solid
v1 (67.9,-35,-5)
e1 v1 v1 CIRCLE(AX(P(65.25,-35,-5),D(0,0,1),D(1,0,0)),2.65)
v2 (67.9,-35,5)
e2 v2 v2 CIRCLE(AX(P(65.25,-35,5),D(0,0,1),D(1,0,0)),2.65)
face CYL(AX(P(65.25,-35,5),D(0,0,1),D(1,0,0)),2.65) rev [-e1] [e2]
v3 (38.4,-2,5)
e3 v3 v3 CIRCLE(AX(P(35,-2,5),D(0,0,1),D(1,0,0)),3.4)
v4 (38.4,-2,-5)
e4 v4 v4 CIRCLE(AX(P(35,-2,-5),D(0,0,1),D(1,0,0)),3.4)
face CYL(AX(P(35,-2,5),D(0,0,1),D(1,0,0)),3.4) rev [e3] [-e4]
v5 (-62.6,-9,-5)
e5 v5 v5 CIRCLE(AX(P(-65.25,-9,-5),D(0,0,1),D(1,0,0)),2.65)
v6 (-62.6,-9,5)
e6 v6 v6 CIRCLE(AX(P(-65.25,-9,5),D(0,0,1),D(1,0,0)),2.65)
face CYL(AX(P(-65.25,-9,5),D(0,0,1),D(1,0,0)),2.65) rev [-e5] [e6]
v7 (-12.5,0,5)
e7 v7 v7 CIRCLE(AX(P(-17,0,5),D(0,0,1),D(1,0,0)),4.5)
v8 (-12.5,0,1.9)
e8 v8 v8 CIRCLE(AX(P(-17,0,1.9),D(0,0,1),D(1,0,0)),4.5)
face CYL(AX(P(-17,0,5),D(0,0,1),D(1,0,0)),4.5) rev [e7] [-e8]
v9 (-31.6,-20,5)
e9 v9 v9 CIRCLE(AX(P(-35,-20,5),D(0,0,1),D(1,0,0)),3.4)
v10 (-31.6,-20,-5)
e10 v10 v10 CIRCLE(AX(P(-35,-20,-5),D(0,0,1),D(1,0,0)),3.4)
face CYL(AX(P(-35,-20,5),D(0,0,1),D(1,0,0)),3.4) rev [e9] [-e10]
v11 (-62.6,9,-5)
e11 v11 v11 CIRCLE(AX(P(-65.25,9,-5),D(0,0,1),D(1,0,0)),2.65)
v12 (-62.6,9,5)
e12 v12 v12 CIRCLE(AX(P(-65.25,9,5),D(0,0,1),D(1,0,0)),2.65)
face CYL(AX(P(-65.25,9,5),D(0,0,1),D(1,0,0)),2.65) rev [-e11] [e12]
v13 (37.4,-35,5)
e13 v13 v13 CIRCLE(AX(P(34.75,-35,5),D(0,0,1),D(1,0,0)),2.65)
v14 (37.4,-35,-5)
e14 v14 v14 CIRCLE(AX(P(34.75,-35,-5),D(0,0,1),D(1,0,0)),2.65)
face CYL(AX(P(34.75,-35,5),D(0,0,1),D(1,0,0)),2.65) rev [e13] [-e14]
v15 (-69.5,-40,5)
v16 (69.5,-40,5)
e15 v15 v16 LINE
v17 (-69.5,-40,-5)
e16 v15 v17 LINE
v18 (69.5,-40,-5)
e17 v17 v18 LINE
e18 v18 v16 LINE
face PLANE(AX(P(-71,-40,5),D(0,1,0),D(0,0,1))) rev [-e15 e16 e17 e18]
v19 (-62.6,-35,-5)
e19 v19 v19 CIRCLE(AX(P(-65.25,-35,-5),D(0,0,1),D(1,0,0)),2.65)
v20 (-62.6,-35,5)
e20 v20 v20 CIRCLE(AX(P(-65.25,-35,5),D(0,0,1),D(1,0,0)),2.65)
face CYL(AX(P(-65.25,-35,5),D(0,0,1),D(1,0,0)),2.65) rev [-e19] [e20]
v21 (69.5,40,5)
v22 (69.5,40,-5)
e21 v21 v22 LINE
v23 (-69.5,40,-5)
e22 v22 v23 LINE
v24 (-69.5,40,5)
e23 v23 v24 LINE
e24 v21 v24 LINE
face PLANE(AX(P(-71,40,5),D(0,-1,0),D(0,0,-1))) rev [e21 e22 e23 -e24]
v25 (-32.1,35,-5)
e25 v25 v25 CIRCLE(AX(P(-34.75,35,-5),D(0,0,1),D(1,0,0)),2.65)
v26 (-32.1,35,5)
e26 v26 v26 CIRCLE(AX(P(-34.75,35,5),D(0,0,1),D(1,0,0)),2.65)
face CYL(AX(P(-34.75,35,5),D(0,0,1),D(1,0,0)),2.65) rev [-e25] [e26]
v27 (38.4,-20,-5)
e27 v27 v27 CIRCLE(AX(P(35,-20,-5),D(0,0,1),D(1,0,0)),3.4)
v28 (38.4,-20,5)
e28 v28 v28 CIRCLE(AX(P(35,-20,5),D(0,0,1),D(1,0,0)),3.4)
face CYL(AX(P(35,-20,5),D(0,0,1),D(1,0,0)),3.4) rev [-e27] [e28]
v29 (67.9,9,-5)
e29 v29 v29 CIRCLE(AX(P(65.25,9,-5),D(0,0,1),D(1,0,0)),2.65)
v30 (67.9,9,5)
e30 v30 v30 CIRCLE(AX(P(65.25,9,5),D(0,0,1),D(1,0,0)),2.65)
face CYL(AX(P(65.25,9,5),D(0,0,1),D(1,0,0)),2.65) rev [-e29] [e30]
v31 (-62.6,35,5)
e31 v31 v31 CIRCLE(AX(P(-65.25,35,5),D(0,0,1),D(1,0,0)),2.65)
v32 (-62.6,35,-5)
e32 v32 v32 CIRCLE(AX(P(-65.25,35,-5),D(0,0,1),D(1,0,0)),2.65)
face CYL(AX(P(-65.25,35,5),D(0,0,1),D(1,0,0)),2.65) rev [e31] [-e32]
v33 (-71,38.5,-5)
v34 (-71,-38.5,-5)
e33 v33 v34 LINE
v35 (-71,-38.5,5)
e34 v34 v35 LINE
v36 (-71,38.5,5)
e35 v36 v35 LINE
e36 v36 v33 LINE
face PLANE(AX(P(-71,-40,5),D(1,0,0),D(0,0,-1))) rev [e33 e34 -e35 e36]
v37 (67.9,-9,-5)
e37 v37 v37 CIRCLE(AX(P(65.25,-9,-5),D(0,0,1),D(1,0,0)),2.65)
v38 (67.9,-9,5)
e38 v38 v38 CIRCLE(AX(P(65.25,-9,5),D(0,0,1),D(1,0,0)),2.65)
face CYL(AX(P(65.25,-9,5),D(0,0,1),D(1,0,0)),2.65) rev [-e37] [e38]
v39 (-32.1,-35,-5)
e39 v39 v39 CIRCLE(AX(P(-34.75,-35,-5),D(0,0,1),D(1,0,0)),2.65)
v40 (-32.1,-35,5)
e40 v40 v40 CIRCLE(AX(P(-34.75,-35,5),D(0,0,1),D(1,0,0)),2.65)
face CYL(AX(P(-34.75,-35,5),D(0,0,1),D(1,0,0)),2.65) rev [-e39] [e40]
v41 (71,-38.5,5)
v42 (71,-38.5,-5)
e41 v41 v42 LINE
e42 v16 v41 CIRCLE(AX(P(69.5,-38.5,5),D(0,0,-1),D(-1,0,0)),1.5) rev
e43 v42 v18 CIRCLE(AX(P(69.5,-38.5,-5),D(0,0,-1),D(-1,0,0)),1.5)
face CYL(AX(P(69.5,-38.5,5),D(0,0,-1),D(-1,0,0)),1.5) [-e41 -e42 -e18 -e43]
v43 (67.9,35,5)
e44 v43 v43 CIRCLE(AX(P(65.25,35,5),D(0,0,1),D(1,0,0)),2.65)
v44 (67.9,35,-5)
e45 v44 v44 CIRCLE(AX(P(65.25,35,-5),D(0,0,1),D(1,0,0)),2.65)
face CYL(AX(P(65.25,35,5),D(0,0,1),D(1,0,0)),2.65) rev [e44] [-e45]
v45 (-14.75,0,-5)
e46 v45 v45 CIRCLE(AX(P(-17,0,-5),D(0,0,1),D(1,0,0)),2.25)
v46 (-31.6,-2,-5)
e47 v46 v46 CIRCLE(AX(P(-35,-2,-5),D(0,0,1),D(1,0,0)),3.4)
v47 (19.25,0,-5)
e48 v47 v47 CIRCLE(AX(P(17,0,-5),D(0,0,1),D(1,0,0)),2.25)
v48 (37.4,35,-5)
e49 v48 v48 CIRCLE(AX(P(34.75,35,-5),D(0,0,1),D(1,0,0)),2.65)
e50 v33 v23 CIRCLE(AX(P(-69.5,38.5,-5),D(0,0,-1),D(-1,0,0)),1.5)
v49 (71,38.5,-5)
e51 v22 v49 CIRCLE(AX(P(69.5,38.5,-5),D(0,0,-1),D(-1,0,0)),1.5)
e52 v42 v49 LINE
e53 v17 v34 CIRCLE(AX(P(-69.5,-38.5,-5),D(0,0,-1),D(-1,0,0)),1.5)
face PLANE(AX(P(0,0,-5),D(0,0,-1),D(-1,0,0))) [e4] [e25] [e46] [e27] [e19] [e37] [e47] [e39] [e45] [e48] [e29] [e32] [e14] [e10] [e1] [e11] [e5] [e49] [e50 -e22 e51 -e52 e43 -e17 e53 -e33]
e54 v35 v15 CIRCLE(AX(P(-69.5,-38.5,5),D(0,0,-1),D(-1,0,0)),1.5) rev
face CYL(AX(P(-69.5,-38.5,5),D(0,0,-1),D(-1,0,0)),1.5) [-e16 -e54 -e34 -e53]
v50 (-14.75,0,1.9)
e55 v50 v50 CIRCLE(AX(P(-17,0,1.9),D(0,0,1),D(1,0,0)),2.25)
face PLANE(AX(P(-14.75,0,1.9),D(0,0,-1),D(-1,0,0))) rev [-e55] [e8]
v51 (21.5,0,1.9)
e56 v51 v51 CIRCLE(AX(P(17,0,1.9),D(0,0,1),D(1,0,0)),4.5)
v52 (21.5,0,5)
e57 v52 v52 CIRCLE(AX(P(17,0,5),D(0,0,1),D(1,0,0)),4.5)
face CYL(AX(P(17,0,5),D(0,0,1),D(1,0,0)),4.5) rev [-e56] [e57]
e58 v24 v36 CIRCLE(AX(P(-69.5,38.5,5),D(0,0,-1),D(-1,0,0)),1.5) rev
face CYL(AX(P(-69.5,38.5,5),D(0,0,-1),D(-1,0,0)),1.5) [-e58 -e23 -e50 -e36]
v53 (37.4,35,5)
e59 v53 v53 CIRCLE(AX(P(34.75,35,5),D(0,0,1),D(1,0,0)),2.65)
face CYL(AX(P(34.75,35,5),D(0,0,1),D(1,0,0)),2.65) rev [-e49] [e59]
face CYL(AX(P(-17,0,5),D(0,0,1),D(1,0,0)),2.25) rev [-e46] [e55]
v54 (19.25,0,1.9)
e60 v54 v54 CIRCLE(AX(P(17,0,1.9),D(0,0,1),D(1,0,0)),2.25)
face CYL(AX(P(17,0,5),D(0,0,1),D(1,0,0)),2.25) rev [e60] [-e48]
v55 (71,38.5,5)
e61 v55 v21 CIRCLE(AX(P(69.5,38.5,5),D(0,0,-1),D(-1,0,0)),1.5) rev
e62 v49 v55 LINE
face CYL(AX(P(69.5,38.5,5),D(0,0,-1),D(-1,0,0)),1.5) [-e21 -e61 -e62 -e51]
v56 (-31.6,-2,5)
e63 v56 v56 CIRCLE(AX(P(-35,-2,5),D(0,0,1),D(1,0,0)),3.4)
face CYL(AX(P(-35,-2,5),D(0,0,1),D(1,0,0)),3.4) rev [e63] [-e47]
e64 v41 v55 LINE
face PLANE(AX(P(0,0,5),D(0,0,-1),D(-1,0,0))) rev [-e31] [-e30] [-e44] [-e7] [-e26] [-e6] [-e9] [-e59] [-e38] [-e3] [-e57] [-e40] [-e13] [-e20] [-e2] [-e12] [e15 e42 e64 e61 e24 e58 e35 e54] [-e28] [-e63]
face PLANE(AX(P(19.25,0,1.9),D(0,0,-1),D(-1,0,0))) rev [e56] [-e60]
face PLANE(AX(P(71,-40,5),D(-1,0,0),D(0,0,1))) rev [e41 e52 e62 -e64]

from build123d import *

# Parameters (mm, degrees)
SKETCH1_W                                        = 142
SKETCH1_H                                        = 80
BOSS_EXTRUDE1_DEPTH                              = 5
M5_CLEARANCE_HOLE1_D                             = 5.3
MIRROR2_COPY_1_D                                 = 5.3
CBORE_FOR_M4_PAN_HEAD_MACHINE_SCREW1_D           = 4.5
CBORE_FOR_M4_PAN_HEAD_MACHINE_SCREW1_CBORE_D     = 9
CBORE_FOR_M4_PAN_HEAD_MACHINE_SCREW1_CBORE_DEPTH = 3.1
M8X1_25_TAPPED_HOLE1_D                           = 6.8
FILLET1_R                                        = 1.5


with BuildPart() as part:
    # Sketch1 → Boss-Extrude1 (new body, symmetric)
    with BuildSketch(Plane.XY):
        Rectangle(SKETCH1_W, SKETCH1_H)
    extrude(amount=BOSS_EXTRUDE1_DEPTH, both=True)

    # M5 Clearance Hole1 (through all)
    with Locations(Plane.XY.offset(5)):
        with Locations((-65.25, 35), (-34.75, 35), (-65.25, 9)):
            m5_clearance_hole1 = Hole(M5_CLEARANCE_HOLE1_D / 2)

    # Mirror1: M5 Clearance Hole1 across plane
    add(m5_clearance_hole1.mirror(Plane(origin=(0, 0, 0), x_dir=(0, 0, 1), z_dir=(1, 0, 0))), mode=Mode.SUBTRACT)

    # Mirror2: M5 Clearance Hole1 across plane
    add(m5_clearance_hole1.mirror(Plane.ZX), mode=Mode.SUBTRACT)

    # Mirror2 copy 1 (through all)
    with Locations(Plane(origin=(0, 0, 5), x_dir=(-1, 0, 0), z_dir=(0, 0, 1))):
        with Locations((-65.25, 35), (-34.75, 35), (-65.25, 9)):
            Hole(MIRROR2_COPY_1_D / 2)

    # CBORE for M4 Pan Head Machine Screw1 (through all)
    with Locations(Plane(origin=(-50.308370618, 7.533390419, 5), x_dir=(1, 0, 0), z_dir=(0, 0, 1))):
        with Locations((33.308370618, -7.533390419), (67.308370618, -7.533390419)):
            CounterBoreHole(CBORE_FOR_M4_PAN_HEAD_MACHINE_SCREW1_D / 2, CBORE_FOR_M4_PAN_HEAD_MACHINE_SCREW1_CBORE_D / 2, CBORE_FOR_M4_PAN_HEAD_MACHINE_SCREW1_CBORE_DEPTH)

    # M8x1.25 Tapped Hole1 (through all)
    with Locations(Plane.XY.offset(5)):
        with Locations((-35, -2), (35, -2), (35, -20), (-35, -20)):
            Hole(M8X1_25_TAPPED_HOLE1_D / 2)

    # Fillet1
    fillet1_edges = [part.edges().sort_by_distance(p)[0] for p in [
        (71, -40, 0),
        (-71, -40, 0),
        (-71, 40, 0),
        (71, 40, 0),
    ]]
    fillet(fillet1_edges, radius=FILLET1_R)


solid = part.part
